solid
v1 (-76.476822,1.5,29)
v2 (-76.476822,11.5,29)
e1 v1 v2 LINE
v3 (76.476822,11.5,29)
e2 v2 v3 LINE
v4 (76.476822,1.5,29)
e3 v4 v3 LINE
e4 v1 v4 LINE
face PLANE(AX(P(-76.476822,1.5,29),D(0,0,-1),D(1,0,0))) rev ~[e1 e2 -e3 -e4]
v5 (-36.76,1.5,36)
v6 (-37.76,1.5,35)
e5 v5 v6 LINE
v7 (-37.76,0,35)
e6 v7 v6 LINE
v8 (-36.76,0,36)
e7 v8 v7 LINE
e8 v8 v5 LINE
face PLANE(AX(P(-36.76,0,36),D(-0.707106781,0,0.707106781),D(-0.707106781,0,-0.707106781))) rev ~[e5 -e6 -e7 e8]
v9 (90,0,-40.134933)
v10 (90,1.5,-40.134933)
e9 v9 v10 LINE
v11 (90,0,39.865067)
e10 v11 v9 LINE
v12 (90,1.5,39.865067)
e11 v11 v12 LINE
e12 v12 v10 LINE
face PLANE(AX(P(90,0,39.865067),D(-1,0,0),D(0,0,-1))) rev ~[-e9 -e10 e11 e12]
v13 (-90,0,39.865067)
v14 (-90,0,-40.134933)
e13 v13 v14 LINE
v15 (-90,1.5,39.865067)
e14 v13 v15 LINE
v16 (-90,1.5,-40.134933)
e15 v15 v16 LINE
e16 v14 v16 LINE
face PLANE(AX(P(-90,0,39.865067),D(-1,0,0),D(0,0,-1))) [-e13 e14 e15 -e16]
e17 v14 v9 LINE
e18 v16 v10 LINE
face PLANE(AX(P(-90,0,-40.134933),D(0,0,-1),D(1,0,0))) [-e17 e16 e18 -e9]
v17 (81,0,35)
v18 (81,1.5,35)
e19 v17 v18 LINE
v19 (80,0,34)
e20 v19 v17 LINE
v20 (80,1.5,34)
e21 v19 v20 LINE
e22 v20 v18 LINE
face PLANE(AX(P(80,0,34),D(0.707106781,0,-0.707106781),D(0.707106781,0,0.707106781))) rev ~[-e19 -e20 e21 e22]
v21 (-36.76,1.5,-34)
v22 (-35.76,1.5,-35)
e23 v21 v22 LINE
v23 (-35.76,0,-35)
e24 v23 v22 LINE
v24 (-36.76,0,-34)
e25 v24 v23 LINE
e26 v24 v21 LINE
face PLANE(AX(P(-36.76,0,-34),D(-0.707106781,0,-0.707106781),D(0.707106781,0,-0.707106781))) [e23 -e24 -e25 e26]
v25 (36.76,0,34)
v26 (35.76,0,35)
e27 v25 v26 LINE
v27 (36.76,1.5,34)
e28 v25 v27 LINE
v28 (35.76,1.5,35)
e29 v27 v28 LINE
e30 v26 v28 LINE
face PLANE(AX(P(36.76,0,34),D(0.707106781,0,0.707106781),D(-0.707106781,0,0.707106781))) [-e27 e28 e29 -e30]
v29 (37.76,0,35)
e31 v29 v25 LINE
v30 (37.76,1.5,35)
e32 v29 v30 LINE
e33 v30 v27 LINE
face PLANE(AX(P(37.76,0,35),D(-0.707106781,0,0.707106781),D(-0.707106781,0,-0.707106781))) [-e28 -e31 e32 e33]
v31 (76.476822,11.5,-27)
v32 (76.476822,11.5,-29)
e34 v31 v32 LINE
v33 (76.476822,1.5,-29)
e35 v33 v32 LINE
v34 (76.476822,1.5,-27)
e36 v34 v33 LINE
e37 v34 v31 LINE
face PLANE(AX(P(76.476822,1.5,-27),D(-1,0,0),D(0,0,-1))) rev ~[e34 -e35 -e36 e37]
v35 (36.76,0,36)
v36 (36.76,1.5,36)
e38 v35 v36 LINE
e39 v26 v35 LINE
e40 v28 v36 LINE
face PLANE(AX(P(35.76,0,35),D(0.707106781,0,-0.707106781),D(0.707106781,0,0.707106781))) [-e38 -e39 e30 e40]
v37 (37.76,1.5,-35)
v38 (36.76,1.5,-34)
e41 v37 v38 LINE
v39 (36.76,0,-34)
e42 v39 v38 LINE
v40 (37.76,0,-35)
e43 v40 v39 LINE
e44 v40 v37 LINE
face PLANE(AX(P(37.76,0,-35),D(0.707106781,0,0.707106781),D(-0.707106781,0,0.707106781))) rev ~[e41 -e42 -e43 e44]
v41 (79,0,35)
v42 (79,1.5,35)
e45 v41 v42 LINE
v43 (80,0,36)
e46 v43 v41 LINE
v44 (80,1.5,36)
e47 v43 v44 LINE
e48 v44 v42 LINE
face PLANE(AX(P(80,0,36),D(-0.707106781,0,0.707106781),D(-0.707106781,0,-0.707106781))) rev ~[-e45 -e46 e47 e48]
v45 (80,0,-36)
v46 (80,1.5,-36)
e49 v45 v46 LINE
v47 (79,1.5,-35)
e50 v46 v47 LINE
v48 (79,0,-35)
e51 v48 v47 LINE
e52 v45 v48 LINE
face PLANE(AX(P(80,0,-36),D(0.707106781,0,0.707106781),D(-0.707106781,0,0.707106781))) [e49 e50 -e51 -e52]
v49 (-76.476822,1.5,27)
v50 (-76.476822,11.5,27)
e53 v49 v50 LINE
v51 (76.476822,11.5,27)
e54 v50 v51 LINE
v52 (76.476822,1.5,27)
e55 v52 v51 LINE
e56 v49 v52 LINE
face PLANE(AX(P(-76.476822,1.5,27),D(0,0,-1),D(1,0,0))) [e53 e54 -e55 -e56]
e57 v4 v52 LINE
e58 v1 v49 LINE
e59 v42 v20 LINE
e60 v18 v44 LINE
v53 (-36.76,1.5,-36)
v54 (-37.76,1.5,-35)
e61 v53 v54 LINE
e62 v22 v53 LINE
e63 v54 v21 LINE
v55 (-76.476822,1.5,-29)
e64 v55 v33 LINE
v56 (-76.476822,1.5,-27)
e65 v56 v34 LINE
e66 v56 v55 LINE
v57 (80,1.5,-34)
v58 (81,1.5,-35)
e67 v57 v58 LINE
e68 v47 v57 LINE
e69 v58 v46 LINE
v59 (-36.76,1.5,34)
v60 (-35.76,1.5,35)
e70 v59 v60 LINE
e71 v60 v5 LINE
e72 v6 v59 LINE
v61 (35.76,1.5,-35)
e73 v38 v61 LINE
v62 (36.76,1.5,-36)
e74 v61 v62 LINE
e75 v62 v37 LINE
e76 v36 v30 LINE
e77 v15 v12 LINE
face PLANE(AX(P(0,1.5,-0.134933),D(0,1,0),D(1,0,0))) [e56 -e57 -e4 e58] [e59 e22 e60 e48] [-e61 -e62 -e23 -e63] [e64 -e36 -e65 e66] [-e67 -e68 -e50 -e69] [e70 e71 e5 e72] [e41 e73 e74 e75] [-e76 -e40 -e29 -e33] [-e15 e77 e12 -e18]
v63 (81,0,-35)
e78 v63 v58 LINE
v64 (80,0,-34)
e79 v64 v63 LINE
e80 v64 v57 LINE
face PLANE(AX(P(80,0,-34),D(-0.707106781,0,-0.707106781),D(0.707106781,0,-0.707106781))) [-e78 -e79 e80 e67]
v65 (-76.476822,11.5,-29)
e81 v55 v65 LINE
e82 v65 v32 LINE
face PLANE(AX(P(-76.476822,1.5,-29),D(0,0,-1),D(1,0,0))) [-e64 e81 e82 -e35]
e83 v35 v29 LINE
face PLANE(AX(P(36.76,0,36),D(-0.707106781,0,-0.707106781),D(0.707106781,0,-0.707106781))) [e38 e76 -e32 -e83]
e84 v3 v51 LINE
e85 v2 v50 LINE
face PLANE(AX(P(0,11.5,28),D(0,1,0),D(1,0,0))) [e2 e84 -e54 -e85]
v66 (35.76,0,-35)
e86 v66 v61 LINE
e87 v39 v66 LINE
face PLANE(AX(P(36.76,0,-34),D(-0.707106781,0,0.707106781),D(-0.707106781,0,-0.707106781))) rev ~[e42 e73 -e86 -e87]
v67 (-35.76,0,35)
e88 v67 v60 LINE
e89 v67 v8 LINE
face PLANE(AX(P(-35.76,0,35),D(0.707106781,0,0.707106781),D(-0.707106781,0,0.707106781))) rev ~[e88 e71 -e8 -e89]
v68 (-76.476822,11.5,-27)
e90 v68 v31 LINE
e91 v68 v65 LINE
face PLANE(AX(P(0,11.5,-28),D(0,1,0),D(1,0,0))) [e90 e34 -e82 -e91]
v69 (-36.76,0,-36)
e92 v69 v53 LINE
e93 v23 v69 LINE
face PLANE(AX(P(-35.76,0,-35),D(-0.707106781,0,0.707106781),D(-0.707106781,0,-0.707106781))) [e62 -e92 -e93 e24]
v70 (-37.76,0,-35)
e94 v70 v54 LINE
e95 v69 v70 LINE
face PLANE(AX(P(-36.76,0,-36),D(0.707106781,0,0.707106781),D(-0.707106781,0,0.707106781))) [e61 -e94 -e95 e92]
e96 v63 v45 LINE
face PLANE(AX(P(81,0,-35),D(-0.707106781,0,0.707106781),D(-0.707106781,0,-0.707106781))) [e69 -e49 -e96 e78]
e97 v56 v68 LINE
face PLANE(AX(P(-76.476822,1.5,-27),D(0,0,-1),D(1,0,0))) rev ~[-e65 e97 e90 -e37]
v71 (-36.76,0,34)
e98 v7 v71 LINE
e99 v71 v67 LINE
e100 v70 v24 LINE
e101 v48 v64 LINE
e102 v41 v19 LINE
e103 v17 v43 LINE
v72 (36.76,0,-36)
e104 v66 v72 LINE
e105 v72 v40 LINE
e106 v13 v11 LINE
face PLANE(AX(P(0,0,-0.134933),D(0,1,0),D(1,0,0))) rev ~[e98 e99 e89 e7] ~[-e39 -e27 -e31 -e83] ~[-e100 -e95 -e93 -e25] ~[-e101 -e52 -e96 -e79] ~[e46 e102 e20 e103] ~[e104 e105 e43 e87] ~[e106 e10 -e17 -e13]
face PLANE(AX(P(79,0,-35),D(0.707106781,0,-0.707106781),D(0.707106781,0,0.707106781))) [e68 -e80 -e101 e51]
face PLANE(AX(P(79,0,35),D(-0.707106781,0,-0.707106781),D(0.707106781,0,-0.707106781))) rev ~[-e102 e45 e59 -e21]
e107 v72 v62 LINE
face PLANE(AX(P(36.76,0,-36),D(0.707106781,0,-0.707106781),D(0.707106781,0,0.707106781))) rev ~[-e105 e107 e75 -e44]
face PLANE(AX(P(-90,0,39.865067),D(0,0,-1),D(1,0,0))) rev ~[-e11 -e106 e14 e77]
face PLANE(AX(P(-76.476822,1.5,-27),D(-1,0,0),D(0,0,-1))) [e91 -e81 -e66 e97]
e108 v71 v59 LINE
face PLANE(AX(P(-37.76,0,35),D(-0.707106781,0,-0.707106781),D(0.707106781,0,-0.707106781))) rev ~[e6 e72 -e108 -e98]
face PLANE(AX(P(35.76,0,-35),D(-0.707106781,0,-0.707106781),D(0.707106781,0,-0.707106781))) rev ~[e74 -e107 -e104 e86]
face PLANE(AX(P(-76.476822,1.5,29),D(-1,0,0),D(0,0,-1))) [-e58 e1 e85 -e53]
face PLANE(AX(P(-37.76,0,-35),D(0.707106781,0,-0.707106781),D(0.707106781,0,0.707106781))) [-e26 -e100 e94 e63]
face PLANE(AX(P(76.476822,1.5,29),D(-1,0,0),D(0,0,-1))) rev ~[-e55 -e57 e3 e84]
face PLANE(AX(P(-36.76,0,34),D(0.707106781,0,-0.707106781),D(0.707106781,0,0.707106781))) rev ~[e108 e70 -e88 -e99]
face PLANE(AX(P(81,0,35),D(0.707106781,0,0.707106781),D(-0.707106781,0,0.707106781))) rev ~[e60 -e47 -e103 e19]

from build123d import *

# Parameters (mm, degrees)
SKETCH_1_W      = 180
SKETCH_1_H      = 80
EXTRUDE_1_DEPTH = 1.5
SKETCH_2_W      = 152.95364467
SKETCH_2_H      = 2
EXTRUDE_2_DEPTH = 10


with BuildPart() as part:
    # 草图1 → 凸台-拉伸1 (new body)
    with BuildSketch(Plane(origin=(0, 0, 0), x_dir=(1, 0, 0), z_dir=(0, 1, 0))):
        with Locations((0, 0.134932534)):
            Rectangle(SKETCH_1_W, SKETCH_1_H)
        Polygon((37.76, 35), (36.76, 34), (35.76, 35), (36.76, 36), align=None, mode=Mode.SUBTRACT)
        Polygon((-36.76, 34), (-35.76, 35), (-36.76, 36), (-37.76, 35), align=None, mode=Mode.SUBTRACT)
        Polygon((36.76, -36), (37.76, -35), (36.76, -34), (35.76, -35), align=None, mode=Mode.SUBTRACT)
        Polygon((-37.76, -35), (-36.76, -34), (-35.76, -35), (-36.76, -36), align=None, mode=Mode.SUBTRACT)
        Polygon((81, -35), (80, -36), (79, -35), (80, -34), align=None, mode=Mode.SUBTRACT)
        Polygon((80, 36), (79, 35), (80, 34), (81, 35), align=None, mode=Mode.SUBTRACT)
    extrude(amount=EXTRUDE_1_DEPTH)

    # 草图2 → 凸台-拉伸2 (add)
    with BuildSketch(Plane(origin=(0, 1.5, 0), x_dir=(1, 0, 0), z_dir=(0, 1, 0))):
        with Locations((0, 28)):
            Rectangle(SKETCH_2_W, SKETCH_2_H)
        with Locations((0, -28)):
            Rectangle(SKETCH_2_W, SKETCH_2_H)
    extrude(amount=EXTRUDE_2_DEPTH)


solid = part.part
